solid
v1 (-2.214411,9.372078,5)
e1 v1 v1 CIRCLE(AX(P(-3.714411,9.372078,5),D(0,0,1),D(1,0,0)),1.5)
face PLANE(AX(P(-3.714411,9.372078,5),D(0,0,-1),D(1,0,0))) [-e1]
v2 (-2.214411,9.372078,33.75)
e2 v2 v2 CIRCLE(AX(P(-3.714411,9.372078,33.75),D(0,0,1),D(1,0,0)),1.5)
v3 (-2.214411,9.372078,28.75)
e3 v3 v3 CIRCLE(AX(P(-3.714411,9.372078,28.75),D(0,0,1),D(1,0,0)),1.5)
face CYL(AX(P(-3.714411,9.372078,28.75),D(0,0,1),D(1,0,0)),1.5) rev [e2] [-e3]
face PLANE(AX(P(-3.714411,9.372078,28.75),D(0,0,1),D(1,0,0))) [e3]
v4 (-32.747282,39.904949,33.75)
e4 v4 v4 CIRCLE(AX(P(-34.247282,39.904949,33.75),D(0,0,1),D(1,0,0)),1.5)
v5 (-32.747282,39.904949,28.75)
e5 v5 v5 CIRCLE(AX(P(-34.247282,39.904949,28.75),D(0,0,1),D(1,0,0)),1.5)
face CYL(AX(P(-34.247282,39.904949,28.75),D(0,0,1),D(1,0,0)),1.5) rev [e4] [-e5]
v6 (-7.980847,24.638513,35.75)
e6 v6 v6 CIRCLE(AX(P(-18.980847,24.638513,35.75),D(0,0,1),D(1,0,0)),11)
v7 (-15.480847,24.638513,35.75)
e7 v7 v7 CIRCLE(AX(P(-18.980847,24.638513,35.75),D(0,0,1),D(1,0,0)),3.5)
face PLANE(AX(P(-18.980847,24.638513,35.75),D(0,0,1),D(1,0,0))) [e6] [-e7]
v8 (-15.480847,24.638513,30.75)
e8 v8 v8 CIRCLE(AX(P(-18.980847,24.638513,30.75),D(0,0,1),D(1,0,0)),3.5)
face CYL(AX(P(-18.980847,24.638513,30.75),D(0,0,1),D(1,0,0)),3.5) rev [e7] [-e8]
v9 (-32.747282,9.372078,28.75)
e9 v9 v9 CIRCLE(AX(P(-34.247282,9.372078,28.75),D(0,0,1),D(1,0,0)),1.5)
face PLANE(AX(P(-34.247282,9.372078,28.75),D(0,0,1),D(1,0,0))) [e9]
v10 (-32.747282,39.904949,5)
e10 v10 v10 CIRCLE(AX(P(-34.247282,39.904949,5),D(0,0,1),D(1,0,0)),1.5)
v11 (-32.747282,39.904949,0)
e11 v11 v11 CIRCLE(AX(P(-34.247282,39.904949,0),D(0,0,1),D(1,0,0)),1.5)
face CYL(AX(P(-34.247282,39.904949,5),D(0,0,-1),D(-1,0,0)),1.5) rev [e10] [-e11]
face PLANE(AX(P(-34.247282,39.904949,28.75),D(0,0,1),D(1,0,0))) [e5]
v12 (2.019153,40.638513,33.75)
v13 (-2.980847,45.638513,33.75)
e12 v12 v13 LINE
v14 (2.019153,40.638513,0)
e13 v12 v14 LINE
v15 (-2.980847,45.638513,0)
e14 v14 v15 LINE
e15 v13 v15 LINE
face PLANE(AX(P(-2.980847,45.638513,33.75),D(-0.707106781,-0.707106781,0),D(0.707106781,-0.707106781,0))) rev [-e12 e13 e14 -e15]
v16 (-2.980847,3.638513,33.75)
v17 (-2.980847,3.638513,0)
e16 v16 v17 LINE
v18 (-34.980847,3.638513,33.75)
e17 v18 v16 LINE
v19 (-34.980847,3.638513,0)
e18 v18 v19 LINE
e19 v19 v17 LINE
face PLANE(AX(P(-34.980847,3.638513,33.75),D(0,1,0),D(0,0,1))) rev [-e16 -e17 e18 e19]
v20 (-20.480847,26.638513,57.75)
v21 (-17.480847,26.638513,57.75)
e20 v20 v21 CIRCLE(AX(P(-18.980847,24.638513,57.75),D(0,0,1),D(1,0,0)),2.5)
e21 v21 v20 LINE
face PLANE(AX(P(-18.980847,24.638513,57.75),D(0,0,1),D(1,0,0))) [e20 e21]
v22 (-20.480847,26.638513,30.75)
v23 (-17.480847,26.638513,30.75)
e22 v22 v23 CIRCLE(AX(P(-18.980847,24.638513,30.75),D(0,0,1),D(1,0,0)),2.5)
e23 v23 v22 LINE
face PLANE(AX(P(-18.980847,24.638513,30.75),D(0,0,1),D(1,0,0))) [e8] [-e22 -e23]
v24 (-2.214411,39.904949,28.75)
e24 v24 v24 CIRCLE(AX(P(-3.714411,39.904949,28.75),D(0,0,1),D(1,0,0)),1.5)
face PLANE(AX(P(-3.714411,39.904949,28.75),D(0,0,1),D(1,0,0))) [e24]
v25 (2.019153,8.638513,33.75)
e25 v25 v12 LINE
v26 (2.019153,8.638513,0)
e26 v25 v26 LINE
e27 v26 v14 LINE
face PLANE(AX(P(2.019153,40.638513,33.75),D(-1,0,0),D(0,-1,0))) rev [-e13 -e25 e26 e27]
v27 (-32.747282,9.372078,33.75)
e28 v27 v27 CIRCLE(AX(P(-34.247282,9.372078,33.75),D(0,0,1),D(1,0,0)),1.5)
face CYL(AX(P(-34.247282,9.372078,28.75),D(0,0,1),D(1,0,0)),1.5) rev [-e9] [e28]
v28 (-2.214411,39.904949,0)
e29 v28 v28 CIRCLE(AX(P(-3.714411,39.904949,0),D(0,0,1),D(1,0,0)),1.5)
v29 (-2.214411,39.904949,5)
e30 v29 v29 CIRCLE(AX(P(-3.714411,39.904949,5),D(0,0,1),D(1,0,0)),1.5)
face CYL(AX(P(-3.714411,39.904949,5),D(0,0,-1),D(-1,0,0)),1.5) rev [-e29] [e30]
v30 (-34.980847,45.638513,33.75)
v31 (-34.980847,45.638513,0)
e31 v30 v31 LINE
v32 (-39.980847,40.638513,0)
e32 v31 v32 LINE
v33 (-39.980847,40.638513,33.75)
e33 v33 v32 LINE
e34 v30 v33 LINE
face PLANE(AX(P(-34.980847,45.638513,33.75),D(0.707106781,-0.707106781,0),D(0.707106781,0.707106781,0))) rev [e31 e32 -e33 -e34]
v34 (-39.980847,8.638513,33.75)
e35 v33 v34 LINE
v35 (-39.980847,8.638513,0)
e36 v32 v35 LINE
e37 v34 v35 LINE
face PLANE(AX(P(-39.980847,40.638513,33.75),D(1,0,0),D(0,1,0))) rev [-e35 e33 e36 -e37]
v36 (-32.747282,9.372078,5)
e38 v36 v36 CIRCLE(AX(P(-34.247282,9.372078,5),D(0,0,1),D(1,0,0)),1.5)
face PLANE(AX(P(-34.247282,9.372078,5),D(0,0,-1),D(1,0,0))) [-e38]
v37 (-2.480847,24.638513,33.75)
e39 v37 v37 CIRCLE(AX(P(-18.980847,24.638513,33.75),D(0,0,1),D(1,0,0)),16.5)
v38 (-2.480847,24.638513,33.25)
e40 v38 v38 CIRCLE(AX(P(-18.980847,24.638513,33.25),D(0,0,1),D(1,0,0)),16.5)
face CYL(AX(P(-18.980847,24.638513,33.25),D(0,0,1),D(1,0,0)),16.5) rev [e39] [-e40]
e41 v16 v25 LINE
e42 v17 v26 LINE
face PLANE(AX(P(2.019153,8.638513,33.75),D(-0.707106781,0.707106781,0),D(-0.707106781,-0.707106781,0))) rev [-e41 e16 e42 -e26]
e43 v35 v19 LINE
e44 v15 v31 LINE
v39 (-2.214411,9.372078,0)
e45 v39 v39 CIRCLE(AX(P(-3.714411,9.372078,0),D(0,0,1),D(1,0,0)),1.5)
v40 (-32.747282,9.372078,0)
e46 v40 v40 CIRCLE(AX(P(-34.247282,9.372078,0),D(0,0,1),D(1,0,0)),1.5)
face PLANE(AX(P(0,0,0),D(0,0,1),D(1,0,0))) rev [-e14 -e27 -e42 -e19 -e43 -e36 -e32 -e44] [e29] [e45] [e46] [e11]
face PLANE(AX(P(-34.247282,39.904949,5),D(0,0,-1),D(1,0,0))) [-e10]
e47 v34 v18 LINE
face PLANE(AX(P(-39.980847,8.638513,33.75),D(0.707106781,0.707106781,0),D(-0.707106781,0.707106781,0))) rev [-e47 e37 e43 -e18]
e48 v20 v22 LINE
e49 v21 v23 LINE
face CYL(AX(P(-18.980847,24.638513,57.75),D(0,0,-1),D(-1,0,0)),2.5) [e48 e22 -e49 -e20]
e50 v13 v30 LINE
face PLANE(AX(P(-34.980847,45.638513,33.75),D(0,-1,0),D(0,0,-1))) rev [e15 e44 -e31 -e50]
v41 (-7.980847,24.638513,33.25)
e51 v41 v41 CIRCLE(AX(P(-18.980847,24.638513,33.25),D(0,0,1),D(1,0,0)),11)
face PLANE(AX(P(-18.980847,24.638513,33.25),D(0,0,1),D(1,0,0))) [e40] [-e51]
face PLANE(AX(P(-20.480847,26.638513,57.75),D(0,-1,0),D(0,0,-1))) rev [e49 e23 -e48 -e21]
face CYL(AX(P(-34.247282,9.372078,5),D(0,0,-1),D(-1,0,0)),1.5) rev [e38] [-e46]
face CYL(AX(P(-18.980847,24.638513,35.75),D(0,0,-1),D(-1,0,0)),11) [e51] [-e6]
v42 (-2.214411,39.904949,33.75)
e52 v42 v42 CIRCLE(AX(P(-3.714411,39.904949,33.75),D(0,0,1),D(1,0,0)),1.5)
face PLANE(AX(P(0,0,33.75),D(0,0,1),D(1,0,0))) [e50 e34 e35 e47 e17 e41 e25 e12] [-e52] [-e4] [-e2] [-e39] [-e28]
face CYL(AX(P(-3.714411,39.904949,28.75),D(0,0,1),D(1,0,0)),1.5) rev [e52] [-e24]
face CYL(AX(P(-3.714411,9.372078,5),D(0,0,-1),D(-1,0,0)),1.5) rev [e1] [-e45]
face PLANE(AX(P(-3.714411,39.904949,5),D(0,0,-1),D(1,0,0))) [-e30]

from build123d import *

# Parameters (mm, degrees)
BOSS_EXTRUDE1_DEPTH = 33.75
SKETCH2_R           = 16.5
CUT_EXTRUDE1_DEPTH  = 0.5
SKETCH3_R           = 11
BOSS_EXTRUDE2_DEPTH = 2.5
SKETCH4_R           = 3.5
CUT_EXTRUDE2_DEPTH  = 5
BOSS_EXTRUDE3_DEPTH = 27
SKETCH6_R           = 1.5
CUT_EXTRUDE3_DEPTH  = 5


with BuildPart() as part:
    # Sketch1 → Boss-Extrude1 (new body)
    with BuildSketch(Plane.XY):
        Polygon((-34.980846502, 45.63851346), (-39.980846502, 40.63851346), (-39.980846502, 8.63851346), (-34.980846502, 3.63851346), (-2.980846502, 3.63851346), (2.019153498, 8.63851346), (2.019153498, 40.63851346), (-2.980846502, 45.63851346), align=None)
    extrude(amount=BOSS_EXTRUDE1_DEPTH)

    # Sketch2 → Cut-Extrude1 (cut)
    with BuildSketch(Plane.XY.offset(33.75)):
        with Locations((-18.980846502, 24.63851346)):
            Circle(SKETCH2_R)
    extrude(amount=-CUT_EXTRUDE1_DEPTH, mode=Mode.SUBTRACT)

    # Sketch3 → Boss-Extrude2 (add)
    with BuildSketch(Plane.XY.offset(33.25)):
        with Locations((-18.980846502, 24.63851346)):
            Circle(SKETCH3_R)
    extrude(amount=BOSS_EXTRUDE2_DEPTH)

    # Sketch4 → Cut-Extrude2 (cut)
    with BuildSketch(Plane.XY.offset(35.75)):
        with Locations((-18.980846502, 24.63851346)):
            Circle(SKETCH4_R)
    extrude(amount=-CUT_EXTRUDE2_DEPTH, mode=Mode.SUBTRACT)

    # Sketch5 → Boss-Extrude3 (add)
    with BuildSketch(Plane.XY.offset(30.75)):
        with BuildLine():
            Line((-20.480846502, 26.63851346), (-17.480846502, 26.63851346))
            ThreePointArc((-17.480846502, 26.63851346), (-18.980846502, 22.13851346), (-20.480846502, 26.63851346))
        make_face()
    extrude(amount=BOSS_EXTRUDE3_DEPTH)

    # Sketch6 → Cut-Extrude3 (cut)
    with BuildSketch(Plane.XY.offset(33.75)):
        with Locations((-34.247281908, 39.904948866)):
            Circle(SKETCH6_R)
        with Locations((-3.714411096, 39.904948866)):
            Circle(SKETCH6_R)
        with Locations((-3.714411096, 9.372078054)):
            Circle(SKETCH6_R)
        with Locations((-34.247281908, 9.372078054)):
            Circle(SKETCH6_R)
    cut_extrude3 = extrude(amount=-CUT_EXTRUDE3_DEPTH, mode=Mode.SUBTRACT)

    # Mirror1: Cut-Extrude3 across plane
    add(cut_extrude3.mirror(Plane(origin=(0, 0, 16.875), x_dir=(1, 0, 0), z_dir=(0, 0, -1))), mode=Mode.SUBTRACT)


solid = part.part
